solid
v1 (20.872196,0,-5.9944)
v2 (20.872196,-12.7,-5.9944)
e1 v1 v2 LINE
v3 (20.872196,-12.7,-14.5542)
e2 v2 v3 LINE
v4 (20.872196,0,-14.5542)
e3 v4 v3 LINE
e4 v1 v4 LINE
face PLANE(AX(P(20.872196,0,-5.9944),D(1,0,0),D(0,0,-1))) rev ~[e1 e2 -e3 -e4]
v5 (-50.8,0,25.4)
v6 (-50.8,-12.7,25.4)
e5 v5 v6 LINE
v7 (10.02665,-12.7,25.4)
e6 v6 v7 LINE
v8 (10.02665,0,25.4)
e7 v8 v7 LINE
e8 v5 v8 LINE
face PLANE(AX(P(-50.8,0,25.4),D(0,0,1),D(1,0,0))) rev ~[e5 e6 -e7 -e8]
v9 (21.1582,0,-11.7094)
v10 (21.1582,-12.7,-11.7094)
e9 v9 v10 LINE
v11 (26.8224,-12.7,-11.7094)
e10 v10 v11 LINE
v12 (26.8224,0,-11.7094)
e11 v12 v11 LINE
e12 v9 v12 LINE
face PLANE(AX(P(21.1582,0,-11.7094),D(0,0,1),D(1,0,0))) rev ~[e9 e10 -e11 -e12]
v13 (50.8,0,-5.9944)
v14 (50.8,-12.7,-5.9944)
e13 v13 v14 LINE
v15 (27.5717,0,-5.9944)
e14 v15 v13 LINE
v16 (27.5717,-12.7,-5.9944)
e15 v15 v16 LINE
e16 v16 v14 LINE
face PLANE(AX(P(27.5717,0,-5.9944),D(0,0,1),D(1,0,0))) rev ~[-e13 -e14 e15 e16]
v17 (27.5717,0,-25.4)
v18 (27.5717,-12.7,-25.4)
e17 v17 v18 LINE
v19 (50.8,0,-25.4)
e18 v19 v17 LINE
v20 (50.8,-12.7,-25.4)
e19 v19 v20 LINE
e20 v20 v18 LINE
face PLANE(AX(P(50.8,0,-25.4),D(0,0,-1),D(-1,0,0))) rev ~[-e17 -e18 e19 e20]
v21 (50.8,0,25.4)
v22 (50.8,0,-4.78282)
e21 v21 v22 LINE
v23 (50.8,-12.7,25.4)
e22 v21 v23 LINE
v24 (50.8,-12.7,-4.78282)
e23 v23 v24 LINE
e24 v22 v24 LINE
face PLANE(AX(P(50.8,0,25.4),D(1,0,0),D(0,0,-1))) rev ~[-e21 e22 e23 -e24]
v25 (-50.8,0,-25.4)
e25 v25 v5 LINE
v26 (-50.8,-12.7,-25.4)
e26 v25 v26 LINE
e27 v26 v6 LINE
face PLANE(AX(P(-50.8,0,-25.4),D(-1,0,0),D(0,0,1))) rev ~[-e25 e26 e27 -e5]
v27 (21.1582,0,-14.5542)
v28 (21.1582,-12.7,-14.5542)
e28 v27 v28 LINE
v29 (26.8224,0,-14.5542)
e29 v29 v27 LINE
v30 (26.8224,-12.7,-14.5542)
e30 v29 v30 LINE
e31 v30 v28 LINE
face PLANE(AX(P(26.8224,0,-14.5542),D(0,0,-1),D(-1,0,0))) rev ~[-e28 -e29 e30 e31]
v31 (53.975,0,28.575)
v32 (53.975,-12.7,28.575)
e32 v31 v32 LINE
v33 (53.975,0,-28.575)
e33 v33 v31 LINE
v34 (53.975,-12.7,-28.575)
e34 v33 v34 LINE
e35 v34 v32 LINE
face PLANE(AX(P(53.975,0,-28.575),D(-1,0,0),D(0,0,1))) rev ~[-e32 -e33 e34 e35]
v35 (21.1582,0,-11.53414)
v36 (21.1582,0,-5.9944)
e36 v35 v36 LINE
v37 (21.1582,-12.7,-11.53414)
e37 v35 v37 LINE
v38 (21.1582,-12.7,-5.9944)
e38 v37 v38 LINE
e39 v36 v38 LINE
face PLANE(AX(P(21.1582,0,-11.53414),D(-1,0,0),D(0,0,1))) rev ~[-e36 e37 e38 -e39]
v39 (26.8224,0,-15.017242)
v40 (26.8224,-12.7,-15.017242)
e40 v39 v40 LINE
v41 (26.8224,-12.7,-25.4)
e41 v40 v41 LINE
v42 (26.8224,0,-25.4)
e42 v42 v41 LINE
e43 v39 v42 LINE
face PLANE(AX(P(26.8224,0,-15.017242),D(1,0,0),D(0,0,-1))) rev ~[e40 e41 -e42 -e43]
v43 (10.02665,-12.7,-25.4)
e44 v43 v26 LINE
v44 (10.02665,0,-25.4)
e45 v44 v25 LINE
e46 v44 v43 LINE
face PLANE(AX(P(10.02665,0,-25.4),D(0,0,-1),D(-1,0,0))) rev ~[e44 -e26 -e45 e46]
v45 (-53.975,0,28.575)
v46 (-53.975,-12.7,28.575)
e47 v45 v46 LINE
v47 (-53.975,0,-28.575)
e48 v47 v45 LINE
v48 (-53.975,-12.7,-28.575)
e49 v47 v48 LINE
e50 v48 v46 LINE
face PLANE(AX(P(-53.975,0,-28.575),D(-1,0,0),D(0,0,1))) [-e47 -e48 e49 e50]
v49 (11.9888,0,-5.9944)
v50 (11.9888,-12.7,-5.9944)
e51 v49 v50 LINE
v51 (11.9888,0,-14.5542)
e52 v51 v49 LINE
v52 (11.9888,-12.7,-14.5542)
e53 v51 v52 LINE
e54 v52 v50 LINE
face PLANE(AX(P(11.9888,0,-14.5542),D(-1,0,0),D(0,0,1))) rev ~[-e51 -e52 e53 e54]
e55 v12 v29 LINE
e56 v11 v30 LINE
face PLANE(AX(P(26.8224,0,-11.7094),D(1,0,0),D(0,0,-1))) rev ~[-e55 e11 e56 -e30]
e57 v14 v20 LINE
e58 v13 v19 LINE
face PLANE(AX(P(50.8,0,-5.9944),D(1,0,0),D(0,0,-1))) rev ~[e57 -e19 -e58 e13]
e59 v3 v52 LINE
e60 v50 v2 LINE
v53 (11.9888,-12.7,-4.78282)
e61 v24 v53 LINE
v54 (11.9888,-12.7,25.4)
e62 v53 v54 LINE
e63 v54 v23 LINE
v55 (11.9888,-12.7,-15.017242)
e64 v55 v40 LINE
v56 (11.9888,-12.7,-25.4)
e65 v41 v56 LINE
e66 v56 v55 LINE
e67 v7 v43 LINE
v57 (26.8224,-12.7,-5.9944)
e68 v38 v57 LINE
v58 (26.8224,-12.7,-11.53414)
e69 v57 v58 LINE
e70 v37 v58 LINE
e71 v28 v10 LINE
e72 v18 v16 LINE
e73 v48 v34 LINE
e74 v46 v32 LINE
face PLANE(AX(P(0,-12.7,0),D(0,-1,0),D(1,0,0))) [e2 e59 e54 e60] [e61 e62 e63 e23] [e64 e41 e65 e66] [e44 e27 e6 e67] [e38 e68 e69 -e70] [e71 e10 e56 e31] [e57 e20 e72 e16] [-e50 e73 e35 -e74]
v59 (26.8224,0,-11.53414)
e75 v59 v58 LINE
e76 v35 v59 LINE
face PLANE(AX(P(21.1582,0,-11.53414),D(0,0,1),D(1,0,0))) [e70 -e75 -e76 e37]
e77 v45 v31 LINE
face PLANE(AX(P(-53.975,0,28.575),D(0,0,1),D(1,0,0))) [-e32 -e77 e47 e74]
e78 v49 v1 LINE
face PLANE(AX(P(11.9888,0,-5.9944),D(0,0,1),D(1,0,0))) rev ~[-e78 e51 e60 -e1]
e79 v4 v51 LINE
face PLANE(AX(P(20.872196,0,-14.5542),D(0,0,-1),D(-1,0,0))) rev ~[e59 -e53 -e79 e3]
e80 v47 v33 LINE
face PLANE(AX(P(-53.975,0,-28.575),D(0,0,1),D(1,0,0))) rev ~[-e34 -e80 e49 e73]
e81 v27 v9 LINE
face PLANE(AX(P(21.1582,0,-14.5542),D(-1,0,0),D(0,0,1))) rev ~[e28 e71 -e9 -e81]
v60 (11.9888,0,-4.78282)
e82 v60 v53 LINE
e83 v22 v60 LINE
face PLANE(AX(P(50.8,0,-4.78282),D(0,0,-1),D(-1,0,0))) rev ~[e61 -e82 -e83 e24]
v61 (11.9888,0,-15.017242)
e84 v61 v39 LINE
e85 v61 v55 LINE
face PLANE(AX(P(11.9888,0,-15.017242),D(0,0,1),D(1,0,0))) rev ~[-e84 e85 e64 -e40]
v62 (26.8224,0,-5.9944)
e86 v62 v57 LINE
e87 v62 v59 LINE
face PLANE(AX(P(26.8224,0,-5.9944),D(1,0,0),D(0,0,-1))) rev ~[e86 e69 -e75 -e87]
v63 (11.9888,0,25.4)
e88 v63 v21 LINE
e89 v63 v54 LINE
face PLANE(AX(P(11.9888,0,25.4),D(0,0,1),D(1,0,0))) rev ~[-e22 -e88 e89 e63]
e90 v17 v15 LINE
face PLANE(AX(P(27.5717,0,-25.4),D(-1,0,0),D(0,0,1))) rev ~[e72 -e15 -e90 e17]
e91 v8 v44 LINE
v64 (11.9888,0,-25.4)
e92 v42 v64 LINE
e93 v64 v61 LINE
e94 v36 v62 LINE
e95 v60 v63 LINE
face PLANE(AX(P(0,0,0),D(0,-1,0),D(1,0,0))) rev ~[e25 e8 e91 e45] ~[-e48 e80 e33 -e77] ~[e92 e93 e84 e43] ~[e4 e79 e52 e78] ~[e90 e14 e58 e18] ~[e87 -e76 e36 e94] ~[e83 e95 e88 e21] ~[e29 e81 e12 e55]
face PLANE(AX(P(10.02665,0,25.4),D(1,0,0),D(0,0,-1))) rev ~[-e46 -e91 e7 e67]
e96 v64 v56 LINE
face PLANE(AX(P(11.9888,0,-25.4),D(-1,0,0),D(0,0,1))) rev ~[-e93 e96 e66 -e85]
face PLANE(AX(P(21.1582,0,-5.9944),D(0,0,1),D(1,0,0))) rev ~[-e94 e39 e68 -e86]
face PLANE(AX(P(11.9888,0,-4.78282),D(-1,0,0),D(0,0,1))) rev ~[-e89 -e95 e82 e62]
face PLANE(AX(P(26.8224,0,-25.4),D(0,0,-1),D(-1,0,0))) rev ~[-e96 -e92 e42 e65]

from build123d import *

# Parameters (mm, degrees)
F0_W     = 107.95
F0_H     = 57.15
F0_W_2   = 5.6642
F0_H_2   = 0.17526
F1_DEPTH = 12.7


with BuildPart() as f1:
    # F0 (on Front) → F1 (new body)
    with BuildSketch(Plane.XZ):
        Rectangle(F0_W, F0_H)
        Polygon((50.8, -5.9944), (50.8, -25.4), (27.5717, -25.4), (26.8224, -25.4), (11.9888, -25.4), (10.02665, -25.4), (-50.8, -25.4), (-50.8, 25.4), (10.02665, 25.4), (11.9888, 25.4), (50.8, 25.4), (50.8, -4.78282), align=None, mode=Mode.SUBTRACT)
        Polygon((10.02665, -25.4), (11.9888, -25.4), (11.9888, -15.017242), (11.9888, -14.5542), (11.9888, -5.9944), (11.9888, -4.78282), (11.9888, 25.4), (10.02665, 25.4), align=None)
        Polygon((27.5717, -5.9944), (50.8, -5.9944), (50.8, -4.78282), (11.9888, -4.78282), (11.9888, -5.9944), (20.872196, -5.9944), (21.1582, -5.9944), (26.8224, -5.9944), align=None)
        Polygon((26.8224, -25.4), (27.5717, -25.4), (27.5717, -5.9944), (26.8224, -5.9944), (26.8224, -11.53414), (26.8224, -11.7094), (26.8224, -14.5542), (26.8224, -15.017242), align=None)
        Polygon((11.9888, -15.017242), (26.8224, -15.017242), (26.8224, -14.5542), (21.1582, -14.5542), (20.872196, -14.5542), (19.4056, -14.5542), (11.9888, -14.5542), align=None)
        Polygon((21.1582, -11.53414), (21.1582, -5.9944), (20.872196, -5.9944), (20.872196, -14.5542), (21.1582, -14.5542), (21.1582, -11.7094), align=None)
        with Locations((23.9903, -11.62177)):
            Rectangle(F0_W_2, F0_H_2)
    extrude(amount=F1_DEPTH)


solid = f1.part
